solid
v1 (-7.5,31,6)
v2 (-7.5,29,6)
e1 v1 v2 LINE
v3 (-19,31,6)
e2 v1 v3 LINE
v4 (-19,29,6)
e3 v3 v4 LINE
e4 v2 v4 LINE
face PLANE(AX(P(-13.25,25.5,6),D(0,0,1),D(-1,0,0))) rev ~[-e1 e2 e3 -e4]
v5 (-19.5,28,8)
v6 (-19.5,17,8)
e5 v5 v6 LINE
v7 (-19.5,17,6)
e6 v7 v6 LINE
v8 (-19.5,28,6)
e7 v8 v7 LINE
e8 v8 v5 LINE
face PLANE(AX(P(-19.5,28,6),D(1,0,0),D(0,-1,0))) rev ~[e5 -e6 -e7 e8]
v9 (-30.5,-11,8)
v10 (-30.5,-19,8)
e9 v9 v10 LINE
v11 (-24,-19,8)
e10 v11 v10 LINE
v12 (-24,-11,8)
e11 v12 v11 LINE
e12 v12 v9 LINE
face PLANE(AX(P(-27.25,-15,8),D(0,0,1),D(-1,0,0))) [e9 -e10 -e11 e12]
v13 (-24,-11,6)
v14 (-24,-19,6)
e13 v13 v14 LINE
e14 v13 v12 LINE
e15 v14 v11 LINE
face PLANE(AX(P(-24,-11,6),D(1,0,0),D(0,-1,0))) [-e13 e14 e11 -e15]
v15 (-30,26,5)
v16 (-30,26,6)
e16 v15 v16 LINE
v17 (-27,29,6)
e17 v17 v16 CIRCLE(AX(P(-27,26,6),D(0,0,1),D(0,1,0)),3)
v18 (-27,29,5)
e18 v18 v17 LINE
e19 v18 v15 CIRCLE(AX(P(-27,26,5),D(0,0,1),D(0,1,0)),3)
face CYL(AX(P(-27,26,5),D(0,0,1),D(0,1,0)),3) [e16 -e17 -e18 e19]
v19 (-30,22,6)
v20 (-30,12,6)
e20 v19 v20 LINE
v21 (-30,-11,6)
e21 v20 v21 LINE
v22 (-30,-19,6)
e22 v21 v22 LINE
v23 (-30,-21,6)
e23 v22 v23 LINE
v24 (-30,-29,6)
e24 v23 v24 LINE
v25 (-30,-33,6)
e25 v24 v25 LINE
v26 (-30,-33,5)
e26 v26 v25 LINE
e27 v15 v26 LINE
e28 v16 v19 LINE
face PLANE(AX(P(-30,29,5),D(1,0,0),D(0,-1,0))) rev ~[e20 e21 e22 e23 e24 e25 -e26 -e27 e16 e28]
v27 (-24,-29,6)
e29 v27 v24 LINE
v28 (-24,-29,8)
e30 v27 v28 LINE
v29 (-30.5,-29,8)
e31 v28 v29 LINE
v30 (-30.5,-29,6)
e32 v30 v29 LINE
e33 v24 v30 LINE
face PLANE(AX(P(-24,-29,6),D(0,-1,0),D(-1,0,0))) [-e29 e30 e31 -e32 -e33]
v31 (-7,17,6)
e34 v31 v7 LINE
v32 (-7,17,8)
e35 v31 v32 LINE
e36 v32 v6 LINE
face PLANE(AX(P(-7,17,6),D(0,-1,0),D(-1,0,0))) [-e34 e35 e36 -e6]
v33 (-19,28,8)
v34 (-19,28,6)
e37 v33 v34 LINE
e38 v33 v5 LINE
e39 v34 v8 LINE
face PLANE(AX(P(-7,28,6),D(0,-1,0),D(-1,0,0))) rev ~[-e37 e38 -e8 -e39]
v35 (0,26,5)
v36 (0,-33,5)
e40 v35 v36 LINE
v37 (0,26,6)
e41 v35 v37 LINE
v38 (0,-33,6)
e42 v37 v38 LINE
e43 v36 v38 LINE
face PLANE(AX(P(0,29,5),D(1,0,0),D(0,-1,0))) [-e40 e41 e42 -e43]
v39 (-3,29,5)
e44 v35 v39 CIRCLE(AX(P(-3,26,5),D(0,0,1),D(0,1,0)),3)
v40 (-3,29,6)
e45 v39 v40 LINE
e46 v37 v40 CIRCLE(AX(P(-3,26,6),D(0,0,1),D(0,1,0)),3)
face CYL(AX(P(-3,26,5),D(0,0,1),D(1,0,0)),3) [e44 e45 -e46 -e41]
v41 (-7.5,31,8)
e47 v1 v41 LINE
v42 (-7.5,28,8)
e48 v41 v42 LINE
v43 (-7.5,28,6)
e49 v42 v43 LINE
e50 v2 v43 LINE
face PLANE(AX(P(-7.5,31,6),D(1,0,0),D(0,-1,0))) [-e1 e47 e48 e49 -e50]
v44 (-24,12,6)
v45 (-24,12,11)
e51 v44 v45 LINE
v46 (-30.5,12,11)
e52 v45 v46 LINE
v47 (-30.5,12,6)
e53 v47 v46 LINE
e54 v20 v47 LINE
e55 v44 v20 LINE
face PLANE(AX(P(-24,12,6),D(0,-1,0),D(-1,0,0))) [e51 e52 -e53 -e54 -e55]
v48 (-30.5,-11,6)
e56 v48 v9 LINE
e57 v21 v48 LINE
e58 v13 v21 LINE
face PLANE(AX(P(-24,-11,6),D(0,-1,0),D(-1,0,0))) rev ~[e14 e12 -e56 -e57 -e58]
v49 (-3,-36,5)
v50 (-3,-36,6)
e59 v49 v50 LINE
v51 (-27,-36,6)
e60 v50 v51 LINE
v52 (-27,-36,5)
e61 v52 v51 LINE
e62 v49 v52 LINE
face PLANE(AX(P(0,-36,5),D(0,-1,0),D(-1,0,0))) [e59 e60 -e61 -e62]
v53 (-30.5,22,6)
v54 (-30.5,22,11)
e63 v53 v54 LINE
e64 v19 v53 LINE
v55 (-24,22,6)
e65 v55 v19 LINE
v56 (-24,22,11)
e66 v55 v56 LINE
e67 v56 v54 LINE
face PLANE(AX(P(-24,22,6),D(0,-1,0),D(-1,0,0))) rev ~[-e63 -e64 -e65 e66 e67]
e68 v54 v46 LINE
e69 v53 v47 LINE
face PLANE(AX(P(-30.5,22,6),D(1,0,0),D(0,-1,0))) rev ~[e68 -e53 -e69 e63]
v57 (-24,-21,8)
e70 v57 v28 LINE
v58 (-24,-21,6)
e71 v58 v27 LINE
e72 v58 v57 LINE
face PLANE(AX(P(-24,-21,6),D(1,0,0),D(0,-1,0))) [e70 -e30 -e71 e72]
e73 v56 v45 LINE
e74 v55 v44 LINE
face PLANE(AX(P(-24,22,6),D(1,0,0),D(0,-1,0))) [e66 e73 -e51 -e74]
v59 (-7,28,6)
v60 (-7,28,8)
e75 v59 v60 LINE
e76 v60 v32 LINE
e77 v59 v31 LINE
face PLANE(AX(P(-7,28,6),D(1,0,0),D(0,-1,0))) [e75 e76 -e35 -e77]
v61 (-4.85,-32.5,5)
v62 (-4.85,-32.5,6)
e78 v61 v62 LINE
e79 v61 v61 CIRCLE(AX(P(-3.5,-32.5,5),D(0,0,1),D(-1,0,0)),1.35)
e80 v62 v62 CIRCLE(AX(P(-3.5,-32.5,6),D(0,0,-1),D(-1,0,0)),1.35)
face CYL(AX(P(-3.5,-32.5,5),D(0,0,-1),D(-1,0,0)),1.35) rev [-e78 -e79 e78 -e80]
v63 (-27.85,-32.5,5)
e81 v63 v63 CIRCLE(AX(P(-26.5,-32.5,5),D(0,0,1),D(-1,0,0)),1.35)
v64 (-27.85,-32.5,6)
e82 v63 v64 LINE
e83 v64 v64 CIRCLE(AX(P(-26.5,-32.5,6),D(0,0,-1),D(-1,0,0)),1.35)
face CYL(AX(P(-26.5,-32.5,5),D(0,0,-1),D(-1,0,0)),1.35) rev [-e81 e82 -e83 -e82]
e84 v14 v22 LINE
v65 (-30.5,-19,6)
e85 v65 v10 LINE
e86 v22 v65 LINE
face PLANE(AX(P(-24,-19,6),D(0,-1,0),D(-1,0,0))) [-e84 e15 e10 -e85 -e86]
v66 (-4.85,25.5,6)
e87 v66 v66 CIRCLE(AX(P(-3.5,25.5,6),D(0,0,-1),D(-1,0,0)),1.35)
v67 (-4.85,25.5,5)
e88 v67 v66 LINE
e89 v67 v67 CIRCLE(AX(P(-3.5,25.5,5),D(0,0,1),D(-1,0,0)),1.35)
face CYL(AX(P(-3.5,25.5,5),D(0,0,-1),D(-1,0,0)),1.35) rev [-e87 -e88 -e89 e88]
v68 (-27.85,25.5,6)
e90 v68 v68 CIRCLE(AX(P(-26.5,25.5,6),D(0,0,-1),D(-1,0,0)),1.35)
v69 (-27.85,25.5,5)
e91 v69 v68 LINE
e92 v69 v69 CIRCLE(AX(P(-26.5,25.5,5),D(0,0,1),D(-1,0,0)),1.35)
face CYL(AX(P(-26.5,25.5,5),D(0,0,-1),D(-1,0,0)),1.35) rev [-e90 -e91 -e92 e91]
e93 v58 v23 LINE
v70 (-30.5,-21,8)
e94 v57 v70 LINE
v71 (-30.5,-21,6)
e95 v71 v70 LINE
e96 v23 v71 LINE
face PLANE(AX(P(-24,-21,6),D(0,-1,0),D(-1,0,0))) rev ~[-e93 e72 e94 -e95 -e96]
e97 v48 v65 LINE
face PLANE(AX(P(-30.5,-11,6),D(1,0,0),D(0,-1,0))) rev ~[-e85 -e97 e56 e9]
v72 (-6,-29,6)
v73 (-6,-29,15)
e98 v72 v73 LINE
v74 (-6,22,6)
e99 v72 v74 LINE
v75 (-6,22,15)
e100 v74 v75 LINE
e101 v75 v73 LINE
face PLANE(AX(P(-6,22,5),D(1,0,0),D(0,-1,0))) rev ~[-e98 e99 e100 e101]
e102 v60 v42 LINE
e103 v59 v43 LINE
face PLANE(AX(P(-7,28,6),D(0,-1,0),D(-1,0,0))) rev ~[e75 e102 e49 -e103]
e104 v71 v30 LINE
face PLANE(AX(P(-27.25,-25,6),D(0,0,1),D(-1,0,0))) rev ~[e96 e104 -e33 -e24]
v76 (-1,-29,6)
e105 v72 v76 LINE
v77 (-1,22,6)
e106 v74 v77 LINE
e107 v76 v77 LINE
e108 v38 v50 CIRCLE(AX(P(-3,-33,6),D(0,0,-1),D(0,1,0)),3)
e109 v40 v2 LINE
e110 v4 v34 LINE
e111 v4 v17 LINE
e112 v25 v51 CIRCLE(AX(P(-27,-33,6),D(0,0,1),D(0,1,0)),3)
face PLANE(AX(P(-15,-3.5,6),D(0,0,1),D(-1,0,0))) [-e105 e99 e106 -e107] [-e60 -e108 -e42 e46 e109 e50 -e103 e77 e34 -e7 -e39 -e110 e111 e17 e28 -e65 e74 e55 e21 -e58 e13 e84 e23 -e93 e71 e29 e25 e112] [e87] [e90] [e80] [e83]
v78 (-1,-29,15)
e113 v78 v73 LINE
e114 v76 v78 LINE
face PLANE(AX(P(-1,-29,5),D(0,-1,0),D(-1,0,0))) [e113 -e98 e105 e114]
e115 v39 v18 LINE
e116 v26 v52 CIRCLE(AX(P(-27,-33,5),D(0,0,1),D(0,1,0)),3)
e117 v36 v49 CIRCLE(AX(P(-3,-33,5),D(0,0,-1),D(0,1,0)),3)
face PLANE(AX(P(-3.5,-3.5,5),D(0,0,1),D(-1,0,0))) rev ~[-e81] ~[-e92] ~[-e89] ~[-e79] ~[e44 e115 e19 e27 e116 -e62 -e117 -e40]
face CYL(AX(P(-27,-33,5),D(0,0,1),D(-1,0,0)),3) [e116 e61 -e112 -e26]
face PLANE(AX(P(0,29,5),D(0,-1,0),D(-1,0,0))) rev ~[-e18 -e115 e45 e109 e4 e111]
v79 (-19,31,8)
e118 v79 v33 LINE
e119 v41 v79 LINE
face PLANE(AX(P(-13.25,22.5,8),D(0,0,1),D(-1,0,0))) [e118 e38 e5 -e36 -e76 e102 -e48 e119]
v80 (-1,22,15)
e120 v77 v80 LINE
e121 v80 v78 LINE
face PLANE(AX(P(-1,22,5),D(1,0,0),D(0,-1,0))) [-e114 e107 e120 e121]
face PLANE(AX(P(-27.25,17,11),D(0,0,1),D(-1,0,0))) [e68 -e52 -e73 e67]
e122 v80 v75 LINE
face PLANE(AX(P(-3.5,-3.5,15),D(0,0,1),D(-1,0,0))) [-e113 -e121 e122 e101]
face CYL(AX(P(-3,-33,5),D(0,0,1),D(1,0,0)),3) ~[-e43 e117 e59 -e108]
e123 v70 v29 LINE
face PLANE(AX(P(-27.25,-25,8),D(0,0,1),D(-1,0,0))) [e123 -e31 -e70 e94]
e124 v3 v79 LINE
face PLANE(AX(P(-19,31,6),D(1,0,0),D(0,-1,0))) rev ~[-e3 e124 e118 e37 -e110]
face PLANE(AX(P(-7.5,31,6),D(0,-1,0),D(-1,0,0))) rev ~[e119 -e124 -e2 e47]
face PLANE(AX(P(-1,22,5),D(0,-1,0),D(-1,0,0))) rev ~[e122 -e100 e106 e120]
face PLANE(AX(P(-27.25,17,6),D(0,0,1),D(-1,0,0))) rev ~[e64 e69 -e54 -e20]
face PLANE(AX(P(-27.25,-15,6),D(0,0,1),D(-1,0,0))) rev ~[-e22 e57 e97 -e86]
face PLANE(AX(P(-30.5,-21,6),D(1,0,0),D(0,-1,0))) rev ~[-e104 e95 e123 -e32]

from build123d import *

# Parameters (mm, degrees)
CYLINDER002_R             = 1.35
CYLINDER002_DEPTH         = 10
CYLINDER001_R             = 1.35
CYLINDER001_DEPTH         = 10
CYLINDER_R                = 1.35
CYLINDER_DEPTH            = 10
CYLINDER003_R             = 1.35
CYLINDER003_DEPTH         = 10
BOX_W                     = 30
BOX_H                     = 65
BOX_DEPTH                 = 1
FILLET_R                  = 3
BOX005_W                  = 12.5
BOX005_H                  = 11
BOX005_DEPTH              = 2
BOX001_W                  = 5
BOX001_H                  = 51
BOX001_DEPTH              = 10
BOX002_W                  = 6.5
BOX002_H                  = 10
BOX002_DEPTH              = 5
BOX003_W                  = 6.5
BOX003_H                  = 8
BOX003_DEPTH              = 2
BOX004_W                  = 6.5
BOX004_H                  = 8
BOX004_DEPTH              = 2
BOX006_W                  = 11.5
BOX006_H                  = 11
BOX006_DEPTH              = 2
FUSION002_PLACEMENT_ANGLE = 180


with BuildPart() as cylinder002:
    # Cylinder002 → Cylinder002 (new body)
    with BuildSketch(Plane(origin=(26.5, 61.5, 0), x_dir=(1, 0, 0), z_dir=(0, 0, 1))):
        Circle(CYLINDER002_R)
    extrude(amount=CYLINDER002_DEPTH)


with BuildPart() as cylinder001:
    # Cylinder001 → Cylinder001 (new body)
    with BuildSketch(Plane(origin=(3.5, 61.5, 0), x_dir=(1, 0, 0), z_dir=(0, 0, 1))):
        Circle(CYLINDER001_R)
    extrude(amount=CYLINDER001_DEPTH)


with BuildPart() as cylinder:
    # Cylinder → Cylinder (new body)
    with BuildSketch(Plane(origin=(3.5, 3.5, 0), x_dir=(1, 0, 0), z_dir=(0, 0, 1))):
        Circle(CYLINDER_R)
    extrude(amount=CYLINDER_DEPTH)


with BuildPart() as fusion:
    # Cylinder003 → Cylinder003 (new body)
    with BuildSketch(Plane(origin=(26.5, 3.5, 0), x_dir=(1, 0, 0), z_dir=(0, 0, 1))):
        Circle(CYLINDER003_R)
    extrude(amount=CYLINDER003_DEPTH)

    # Fusion: union Cylinder002, Cylinder001, Cylinder
    add(cylinder002.part)
    add(cylinder001.part)
    add(cylinder.part)


with BuildPart() as cut:
    # Box → Box (new body)
    with BuildSketch(Plane.XY):
        with Locations((15, 32.5)):
            Rectangle(BOX_W, BOX_H)
    extrude(amount=BOX_DEPTH)

    # Fillet
    fillet_edges = [cut.edges().sort_by_distance(p)[0] for p in [
        (0, 0, 0.5),
        (0, 65, 0.5),
        (30, 0, 0.5),
        (30, 65, 0.5),
    ]]
    fillet(fillet_edges, radius=FILLET_R)

    # Cut: cut Fusion
    add(fusion.part, mode=Mode.SUBTRACT)


with BuildPart() as cube005:
    # Box005 → Box005 (new body)
    with BuildSketch(Plane(origin=(7, 1, 1), x_dir=(1, 0, 0), z_dir=(0, 0, 1))):
        with Locations((6.25, 5.5)):
            Rectangle(BOX005_W, BOX005_H)
    extrude(amount=BOX005_DEPTH)


with BuildPart() as cube001:
    # Box001 → Box001 (new body)
    with BuildSketch(Plane(origin=(1, 7, 0), x_dir=(1, 0, 0), z_dir=(0, 0, 1))):
        with Locations((2.5, 25.5)):
            Rectangle(BOX001_W, BOX001_H)
    extrude(amount=BOX001_DEPTH)


with BuildPart() as cube002:
    # Box002 → Box002 (new body)
    with BuildSketch(Plane(origin=(24, 7, 1), x_dir=(1, 0, 0), z_dir=(0, 0, 1))):
        with Locations((3.25, 5)):
            Rectangle(BOX002_W, BOX002_H)
    extrude(amount=BOX002_DEPTH)


with BuildPart() as cube003:
    # Box003 → Box003 (new body)
    with BuildSketch(Plane(origin=(24, 50, 1), x_dir=(1, 0, 0), z_dir=(0, 0, 1))):
        with Locations((3.25, 4)):
            Rectangle(BOX003_W, BOX003_H)
    extrude(amount=BOX003_DEPTH)


with BuildPart() as cube004:
    # Box004 → Box004 (new body)
    with BuildSketch(Plane(origin=(24, 40, 1), x_dir=(1, 0, 0), z_dir=(0, 0, 1))):
        with Locations((3.25, 4)):
            Rectangle(BOX004_W, BOX004_H)
    extrude(amount=BOX004_DEPTH)


with BuildPart() as rpi_pref:
    # Box006 → Box006 (new body)
    with BuildSketch(Plane(origin=(7.5, -2, 1), x_dir=(1, 0, 0), z_dir=(0, 0, 1))):
        with Locations((5.75, 5.5)):
            Rectangle(BOX006_W, BOX006_H)
    extrude(amount=BOX006_DEPTH)

    # Fusion002: union Cut, Cube005, Cube001, Cube002, Cube003, Cube004
    add(cut.part)
    add(cube005.part)
    add(cube001.part)
    add(cube002.part)
    add(cube003.part)
    add(cube004.part)


with BuildPart() as rpi_pref_1:
    # Fusion002 placement: moved
    add(rpi_pref.part.moved(Location((0, 29, 5))).rotate(Axis((0, 29, 5), (0, 0, 1)), FUSION002_PLACEMENT_ANGLE))


solid = rpi_pref_1.part
